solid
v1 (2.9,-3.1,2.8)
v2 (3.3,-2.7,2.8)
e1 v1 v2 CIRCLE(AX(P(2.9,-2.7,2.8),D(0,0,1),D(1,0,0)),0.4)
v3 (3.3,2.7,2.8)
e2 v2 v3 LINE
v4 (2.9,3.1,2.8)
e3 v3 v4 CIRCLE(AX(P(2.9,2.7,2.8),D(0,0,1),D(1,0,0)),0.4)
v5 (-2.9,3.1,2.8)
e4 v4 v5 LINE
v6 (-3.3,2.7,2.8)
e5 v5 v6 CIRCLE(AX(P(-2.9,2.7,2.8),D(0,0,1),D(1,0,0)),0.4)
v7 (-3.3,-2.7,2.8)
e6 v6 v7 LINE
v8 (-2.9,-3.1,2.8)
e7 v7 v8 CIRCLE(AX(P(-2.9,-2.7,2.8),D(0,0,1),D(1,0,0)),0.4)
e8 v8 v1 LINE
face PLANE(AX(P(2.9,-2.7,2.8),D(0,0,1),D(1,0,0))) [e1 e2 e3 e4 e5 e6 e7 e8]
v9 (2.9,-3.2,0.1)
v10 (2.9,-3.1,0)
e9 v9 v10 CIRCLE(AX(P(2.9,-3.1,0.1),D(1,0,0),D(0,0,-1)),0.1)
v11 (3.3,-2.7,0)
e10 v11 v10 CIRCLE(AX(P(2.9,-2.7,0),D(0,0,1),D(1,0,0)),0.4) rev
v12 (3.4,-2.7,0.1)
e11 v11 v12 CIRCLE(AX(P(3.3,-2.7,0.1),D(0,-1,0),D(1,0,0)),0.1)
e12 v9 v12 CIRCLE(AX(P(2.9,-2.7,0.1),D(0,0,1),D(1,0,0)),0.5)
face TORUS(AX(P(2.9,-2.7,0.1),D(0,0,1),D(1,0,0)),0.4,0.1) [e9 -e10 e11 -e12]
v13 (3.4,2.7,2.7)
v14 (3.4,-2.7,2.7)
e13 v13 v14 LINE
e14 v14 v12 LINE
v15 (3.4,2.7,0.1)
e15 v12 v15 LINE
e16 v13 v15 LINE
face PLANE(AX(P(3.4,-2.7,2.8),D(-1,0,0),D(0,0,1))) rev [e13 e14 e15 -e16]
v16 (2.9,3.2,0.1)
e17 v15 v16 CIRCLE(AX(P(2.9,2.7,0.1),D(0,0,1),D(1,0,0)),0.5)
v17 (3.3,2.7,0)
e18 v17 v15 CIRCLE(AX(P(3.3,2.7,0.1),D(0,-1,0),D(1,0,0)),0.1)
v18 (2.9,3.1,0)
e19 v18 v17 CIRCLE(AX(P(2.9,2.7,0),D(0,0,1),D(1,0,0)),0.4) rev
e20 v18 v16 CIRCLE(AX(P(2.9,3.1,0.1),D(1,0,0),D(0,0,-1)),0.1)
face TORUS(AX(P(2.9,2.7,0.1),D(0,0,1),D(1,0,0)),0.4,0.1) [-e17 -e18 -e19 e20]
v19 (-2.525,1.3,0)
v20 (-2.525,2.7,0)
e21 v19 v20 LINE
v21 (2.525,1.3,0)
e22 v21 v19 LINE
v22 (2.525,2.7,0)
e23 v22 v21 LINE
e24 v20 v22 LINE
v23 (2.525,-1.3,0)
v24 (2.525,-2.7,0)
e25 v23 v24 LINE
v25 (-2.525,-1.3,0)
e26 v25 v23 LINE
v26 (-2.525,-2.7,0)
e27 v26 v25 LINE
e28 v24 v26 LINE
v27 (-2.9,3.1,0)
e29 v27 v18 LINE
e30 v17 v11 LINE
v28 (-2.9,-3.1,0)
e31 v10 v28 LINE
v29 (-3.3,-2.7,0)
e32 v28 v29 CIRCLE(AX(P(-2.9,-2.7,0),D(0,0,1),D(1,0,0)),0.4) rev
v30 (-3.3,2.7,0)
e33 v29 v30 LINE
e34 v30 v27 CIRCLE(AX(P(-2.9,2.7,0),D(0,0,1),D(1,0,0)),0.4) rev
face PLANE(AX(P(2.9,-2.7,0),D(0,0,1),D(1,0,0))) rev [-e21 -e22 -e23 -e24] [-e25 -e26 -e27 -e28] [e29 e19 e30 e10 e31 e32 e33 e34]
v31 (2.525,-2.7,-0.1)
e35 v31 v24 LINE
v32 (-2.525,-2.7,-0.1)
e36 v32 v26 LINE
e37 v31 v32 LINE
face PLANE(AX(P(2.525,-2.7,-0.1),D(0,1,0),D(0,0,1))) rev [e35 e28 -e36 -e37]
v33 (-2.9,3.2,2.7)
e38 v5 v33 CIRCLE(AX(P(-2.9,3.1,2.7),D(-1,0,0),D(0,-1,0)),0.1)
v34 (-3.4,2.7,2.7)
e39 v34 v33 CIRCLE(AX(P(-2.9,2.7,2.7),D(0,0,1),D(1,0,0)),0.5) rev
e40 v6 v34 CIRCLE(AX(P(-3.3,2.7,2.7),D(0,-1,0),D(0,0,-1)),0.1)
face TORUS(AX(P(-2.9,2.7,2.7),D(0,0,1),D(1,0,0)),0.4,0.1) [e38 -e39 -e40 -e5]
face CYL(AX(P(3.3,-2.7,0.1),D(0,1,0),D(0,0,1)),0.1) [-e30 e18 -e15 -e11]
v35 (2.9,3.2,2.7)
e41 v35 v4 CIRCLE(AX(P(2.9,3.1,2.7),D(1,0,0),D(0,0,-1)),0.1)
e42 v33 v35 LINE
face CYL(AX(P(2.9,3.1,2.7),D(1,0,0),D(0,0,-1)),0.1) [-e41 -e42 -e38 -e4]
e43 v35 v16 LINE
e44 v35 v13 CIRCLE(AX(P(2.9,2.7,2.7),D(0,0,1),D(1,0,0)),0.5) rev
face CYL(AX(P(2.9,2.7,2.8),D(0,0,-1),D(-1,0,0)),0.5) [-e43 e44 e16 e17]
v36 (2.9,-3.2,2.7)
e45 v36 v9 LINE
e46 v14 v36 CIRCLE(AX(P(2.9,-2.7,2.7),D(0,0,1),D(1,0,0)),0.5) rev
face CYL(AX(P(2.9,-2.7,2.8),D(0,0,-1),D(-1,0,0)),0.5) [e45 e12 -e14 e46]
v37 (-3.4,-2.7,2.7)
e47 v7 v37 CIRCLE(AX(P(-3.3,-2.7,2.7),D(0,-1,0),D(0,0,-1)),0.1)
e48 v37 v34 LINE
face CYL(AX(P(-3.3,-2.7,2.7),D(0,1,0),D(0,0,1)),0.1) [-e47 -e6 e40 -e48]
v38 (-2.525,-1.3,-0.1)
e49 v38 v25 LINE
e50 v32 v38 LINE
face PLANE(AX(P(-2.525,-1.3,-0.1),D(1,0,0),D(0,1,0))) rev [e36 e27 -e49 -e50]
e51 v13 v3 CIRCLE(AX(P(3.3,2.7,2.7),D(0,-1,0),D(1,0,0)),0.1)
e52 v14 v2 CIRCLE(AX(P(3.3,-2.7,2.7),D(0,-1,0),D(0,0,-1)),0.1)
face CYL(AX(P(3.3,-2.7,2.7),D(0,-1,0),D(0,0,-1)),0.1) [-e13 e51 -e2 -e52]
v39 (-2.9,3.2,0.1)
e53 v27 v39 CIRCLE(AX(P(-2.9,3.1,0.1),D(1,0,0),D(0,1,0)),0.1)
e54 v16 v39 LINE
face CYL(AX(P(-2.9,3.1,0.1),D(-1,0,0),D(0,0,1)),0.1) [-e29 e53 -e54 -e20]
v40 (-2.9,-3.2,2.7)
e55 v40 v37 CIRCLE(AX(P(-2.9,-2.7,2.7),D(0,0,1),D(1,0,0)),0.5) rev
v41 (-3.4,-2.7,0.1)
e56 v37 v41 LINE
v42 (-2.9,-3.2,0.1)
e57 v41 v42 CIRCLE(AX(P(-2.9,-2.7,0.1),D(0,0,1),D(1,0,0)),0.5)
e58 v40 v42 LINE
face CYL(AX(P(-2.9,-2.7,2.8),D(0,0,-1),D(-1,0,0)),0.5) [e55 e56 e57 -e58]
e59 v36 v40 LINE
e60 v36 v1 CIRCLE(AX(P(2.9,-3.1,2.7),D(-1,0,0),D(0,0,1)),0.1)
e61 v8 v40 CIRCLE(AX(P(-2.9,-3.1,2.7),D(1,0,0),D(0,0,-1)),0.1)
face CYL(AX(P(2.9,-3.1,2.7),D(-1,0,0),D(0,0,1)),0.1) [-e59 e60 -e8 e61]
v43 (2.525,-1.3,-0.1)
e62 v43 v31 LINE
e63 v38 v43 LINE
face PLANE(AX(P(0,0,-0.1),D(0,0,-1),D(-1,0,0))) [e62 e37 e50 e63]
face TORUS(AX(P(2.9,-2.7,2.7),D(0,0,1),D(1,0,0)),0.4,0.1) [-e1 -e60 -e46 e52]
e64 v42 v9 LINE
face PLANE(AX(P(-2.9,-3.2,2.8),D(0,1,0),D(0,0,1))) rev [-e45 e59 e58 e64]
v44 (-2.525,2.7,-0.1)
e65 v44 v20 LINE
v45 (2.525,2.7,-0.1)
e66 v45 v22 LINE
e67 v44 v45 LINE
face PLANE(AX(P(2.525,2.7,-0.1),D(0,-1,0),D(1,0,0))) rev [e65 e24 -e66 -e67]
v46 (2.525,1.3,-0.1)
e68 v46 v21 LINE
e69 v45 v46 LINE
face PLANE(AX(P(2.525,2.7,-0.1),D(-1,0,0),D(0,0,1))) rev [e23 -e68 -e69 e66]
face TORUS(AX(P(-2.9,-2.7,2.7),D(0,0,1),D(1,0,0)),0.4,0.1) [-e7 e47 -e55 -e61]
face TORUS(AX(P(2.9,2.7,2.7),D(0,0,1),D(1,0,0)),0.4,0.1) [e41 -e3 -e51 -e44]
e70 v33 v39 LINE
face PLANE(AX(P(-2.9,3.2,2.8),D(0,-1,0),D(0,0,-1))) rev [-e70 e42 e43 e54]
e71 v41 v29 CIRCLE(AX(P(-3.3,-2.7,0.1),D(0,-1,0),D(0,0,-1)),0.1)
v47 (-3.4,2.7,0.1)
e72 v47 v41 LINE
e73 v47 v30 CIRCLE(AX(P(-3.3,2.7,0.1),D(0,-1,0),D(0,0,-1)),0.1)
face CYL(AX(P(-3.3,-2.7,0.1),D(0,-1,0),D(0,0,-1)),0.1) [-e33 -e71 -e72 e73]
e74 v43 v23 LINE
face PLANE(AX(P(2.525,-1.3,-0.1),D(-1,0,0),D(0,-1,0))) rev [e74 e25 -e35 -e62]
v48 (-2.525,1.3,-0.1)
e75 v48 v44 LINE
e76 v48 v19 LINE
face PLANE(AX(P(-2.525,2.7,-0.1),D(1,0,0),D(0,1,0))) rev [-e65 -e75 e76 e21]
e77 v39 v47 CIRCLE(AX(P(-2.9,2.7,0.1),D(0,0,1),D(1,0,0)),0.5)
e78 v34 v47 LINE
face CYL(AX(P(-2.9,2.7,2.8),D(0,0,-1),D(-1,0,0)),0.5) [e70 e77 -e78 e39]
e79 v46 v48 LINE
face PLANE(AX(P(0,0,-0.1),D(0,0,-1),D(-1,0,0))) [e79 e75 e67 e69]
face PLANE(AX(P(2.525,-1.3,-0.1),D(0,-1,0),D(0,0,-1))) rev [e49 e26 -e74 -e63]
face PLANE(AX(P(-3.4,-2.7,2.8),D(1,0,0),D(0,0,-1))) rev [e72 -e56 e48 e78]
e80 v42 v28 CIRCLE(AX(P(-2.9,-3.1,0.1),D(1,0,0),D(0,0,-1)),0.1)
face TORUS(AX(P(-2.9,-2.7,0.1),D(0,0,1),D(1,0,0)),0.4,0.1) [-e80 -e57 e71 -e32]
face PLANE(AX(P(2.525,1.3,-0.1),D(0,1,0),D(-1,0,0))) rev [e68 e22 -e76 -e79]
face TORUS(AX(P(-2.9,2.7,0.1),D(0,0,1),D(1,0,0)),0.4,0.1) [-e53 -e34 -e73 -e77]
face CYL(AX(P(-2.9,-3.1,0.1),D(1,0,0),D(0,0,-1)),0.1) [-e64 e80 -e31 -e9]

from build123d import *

# Parameters (mm, degrees)
BOSS_EXTRUDE1_DEPTH = 2.8
SKETCH2_W           = 5.05
SKETCH2_H           = 1.4
BOSS_EXTRUDE2_DEPTH = 0.1
FILLET1_R           = 0.1


with BuildPart() as part:
    # Sketch1 → Boss-Extrude1 (new body)
    with BuildSketch(Plane.XY):
        with BuildLine():
            Line((-2.9, -3.2), (2.9, -3.2))
            ThreePointArc((2.9, -3.2), (3.253553391, -3.053553391), (3.4, -2.7))
            Line((3.4, -2.7), (3.4, 2.7))
            ThreePointArc((3.4, 2.7), (3.253553391, 3.053553391), (2.9, 3.2))
            Line((2.9, 3.2), (-2.9, 3.2))
            ThreePointArc((-2.9, 3.2), (-3.253553391, 3.053553391), (-3.4, 2.7))
            Line((-3.4, 2.7), (-3.4, -2.7))
            ThreePointArc((-3.4, -2.7), (-3.253553391, -3.053553391), (-2.9, -3.2))
        make_face()
    extrude(amount=BOSS_EXTRUDE1_DEPTH)

    # Sketch2 → Boss-Extrude2 (add)
    with BuildSketch(Plane(origin=(0, 0, 0), x_dir=(-1, 0, 0), z_dir=(0, 0, -1))):
        with Locations((0, 2)):
            Rectangle(SKETCH2_W, SKETCH2_H)
        with Locations((0, -2)):
            Rectangle(SKETCH2_W, SKETCH2_H)
    extrude(amount=BOSS_EXTRUDE2_DEPTH)

    # Fillet1
    fillet1_edges = [part.edges().sort_by_distance(p)[0] for p in [
        (3.253553391, 3.053553391, 2.8),
        (3.4, 0, 0),
        (3.253553391, -3.053553391, 0),
        (0, 3.2, 2.8),
        (-3.253553391, 3.053553391, 2.8),
        (-3.4, 0, 2.8),
        (-3.253553391, -3.053553391, 2.8),
        (0, -3.2, 2.8),
        (3.253553391, -3.053553391, 2.8),
        (3.4, 0, 2.8),
        (0, -3.2, 0),
        (-3.253553391, -3.053553391, 0),
        (-3.4, 0, 0),
        (-3.253553391, 3.053553391, 0),
        (0, 3.2, 0),
        (3.253553391, 3.053553391, 0),
    ]]
    fillet(fillet1_edges, radius=FILLET1_R)


solid = part.part
